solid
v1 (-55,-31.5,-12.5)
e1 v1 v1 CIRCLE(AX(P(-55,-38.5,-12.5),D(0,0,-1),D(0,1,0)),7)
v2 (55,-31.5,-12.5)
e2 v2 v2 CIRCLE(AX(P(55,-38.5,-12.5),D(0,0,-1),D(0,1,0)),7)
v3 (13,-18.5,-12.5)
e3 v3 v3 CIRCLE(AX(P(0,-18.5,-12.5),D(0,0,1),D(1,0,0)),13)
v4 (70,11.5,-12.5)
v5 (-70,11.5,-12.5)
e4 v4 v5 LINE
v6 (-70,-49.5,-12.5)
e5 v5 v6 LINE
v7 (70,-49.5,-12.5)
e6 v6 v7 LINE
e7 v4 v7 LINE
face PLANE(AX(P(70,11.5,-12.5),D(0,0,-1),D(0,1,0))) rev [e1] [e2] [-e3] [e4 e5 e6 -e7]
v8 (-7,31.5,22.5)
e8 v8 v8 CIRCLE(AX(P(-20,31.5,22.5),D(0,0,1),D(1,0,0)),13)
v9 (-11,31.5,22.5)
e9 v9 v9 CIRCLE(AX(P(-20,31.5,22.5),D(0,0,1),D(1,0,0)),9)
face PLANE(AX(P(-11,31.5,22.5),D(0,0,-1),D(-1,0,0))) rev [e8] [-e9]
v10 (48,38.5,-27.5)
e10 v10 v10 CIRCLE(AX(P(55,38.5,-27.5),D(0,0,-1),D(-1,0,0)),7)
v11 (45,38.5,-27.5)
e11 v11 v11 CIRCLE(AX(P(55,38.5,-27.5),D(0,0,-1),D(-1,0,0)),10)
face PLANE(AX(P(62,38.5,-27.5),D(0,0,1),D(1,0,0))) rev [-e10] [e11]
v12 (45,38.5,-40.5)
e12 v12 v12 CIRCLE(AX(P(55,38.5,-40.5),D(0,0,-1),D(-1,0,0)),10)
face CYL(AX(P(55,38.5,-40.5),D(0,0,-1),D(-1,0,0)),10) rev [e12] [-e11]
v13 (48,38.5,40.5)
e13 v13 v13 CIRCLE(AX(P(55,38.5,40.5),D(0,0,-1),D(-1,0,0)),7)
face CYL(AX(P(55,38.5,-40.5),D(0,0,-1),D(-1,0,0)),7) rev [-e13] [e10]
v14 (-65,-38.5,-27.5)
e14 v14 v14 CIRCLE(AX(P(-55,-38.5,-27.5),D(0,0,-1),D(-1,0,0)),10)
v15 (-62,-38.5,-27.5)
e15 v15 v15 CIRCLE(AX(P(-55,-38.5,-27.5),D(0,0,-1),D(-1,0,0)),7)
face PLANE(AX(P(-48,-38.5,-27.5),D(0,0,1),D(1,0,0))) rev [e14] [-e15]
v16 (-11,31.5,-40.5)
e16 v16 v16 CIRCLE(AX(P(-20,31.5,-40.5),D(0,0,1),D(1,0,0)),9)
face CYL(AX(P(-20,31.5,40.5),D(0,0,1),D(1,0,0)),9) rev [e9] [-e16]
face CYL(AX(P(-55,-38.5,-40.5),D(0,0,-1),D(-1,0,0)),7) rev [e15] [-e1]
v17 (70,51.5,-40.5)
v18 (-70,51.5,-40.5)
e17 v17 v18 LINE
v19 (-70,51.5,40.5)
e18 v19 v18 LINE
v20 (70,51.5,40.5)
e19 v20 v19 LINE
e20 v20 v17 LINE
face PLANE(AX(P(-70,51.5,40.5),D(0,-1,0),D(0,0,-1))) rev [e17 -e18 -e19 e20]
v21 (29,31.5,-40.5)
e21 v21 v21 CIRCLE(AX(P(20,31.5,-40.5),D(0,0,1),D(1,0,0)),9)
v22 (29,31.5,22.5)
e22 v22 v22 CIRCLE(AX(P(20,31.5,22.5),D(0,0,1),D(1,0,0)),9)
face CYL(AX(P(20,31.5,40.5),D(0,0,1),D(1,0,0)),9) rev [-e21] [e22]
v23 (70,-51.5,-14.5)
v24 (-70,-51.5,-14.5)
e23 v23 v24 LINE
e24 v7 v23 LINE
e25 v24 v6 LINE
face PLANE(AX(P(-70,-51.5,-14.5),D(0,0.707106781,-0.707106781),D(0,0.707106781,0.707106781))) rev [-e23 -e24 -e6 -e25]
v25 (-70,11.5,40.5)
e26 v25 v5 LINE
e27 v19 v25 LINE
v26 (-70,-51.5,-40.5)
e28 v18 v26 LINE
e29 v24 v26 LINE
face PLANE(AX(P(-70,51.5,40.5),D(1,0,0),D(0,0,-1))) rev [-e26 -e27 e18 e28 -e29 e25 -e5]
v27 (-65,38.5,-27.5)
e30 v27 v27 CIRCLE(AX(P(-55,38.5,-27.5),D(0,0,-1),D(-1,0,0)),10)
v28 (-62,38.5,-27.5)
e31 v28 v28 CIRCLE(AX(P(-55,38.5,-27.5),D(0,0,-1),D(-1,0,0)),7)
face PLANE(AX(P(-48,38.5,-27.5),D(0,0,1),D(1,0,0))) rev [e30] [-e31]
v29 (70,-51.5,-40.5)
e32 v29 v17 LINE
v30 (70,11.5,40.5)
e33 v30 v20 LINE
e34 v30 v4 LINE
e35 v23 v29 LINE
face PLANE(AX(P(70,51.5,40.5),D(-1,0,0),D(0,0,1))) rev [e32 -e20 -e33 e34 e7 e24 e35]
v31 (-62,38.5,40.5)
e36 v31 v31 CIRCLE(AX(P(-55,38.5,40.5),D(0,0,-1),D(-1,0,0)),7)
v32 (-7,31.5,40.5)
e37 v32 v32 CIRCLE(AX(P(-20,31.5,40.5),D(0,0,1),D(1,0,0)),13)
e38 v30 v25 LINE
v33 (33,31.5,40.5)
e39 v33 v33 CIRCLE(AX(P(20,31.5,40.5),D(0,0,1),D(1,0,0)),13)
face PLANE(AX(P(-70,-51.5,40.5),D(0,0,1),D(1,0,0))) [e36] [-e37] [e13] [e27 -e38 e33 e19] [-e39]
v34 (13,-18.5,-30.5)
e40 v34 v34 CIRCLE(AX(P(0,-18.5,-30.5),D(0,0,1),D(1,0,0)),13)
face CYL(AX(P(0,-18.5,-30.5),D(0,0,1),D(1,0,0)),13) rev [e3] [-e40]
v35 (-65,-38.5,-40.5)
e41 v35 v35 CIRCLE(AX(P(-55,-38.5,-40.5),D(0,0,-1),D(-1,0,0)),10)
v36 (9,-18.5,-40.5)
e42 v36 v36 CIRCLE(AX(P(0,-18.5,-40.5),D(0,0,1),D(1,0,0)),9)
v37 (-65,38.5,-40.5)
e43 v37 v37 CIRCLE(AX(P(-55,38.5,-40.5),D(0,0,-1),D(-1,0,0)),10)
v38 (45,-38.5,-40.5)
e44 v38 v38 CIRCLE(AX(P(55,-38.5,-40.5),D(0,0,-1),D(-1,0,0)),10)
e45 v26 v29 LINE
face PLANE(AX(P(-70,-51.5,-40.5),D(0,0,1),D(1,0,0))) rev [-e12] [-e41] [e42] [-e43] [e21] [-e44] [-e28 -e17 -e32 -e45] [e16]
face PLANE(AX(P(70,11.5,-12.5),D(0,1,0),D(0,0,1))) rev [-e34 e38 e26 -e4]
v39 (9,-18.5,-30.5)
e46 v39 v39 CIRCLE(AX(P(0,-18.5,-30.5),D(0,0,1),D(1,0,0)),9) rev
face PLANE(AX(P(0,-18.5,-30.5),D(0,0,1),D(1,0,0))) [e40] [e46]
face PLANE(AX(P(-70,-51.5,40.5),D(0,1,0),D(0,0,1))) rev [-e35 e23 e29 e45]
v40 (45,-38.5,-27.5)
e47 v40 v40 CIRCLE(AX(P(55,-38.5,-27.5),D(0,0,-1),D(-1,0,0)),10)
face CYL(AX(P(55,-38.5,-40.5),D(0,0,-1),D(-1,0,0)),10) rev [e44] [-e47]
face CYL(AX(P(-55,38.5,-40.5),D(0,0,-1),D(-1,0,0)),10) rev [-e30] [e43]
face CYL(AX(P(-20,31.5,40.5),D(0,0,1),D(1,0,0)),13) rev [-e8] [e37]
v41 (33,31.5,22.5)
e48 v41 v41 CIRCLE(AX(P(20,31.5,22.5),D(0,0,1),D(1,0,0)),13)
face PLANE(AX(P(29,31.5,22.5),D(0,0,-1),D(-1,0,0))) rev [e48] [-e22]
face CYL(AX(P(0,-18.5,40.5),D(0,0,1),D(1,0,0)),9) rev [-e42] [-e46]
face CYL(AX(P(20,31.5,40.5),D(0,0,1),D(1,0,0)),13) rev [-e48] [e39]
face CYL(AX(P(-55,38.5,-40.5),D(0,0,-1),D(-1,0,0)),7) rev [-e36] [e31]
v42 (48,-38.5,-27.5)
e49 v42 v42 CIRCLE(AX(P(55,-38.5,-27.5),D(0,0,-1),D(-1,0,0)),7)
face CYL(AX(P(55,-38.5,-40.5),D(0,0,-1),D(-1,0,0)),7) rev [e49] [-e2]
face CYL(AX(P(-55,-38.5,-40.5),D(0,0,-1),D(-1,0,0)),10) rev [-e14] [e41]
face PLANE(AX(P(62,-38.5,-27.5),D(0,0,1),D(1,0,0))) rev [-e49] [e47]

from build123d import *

# Parameters (mm, degrees)
SKIZZE1_W                                            = 140
SKIZZE1_H                                            = 103
BASIS_LINEAR_AUSTRAGEN_DEPTH                         = 40.5
SKIZZE8_W                                            = 53
SKIZZE8_H                                            = 63
SCHNITT_LINEAR_AUSTRAGEN1_DEPTH                      = 155.571989701
BOHRUNG1_D                                           = 18
BOHRUNG1_DEPTH                                       = 90
BOHRUNG1_CBORE_D                                     = 26
BOHRUNG1_CBORE_DEPTH                                 = 18
BOHRUNG2_D                                           = 18
BOHRUNG2_DEPTH                                       = 90
BOHRUNG2_CBORE_D                                     = 26
BOHRUNG2_CBORE_DEPTH                                 = 18
LINEARES_MUSTER1_COUNT                               = 2
LINEARES_MUSTER1_PITCH                               = 40
STIRNSENKUNG_F_R_M8_FLACHKOPFSCHRAUBE_MI_D           = 14
STIRNSENKUNG_F_R_M8_FLACHKOPFSCHRAUBE_MI_CBORE_D     = 20
STIRNSENKUNG_F_R_M8_FLACHKOPFSCHRAUBE_MI_CBORE_DEPTH = 13
SKIZZE11_R                                           = 13
SCHNITT_LINEAR_AUSTRAGEN2_DEPTH                      = 18
FASE1_SIZE                                           = 2


with BuildPart() as part:
    # Skizze1 → Basis-Linear austragen (new, symmetric)
    with BuildSketch(Plane.XY):
        Rectangle(SKIZZE1_W, SKIZZE1_H)
    extrude(amount=BASIS_LINEAR_AUSTRAGEN_DEPTH, both=True)

    # Skizze8 → Schnitt-Linear austragen1 (cut, through all)
    with BuildSketch(Plane.ZY.offset(70)):
        with Locations((14, -20)):
            Rectangle(SKIZZE8_W, SKIZZE8_H)
    extrude(amount=-SCHNITT_LINEAR_AUSTRAGEN1_DEPTH, mode=Mode.SUBTRACT)

    # Bohrung1
    with Locations(Plane.XY.offset(40.5)):
        with Locations((0, -18.5)):
            CounterBoreHole(BOHRUNG1_D / 2, BOHRUNG1_CBORE_D / 2, BOHRUNG1_CBORE_DEPTH, depth=BOHRUNG1_DEPTH)

    # Bohrung2
    with Locations(Plane.XY.offset(40.5)):
        with Locations((20, 31.5)):
            bohrung2 = CounterBoreHole(BOHRUNG2_D / 2, BOHRUNG2_CBORE_D / 2, BOHRUNG2_CBORE_DEPTH, depth=BOHRUNG2_DEPTH)

    # Lineares Muster1: Bohrung2 ×2
    with Locations(*[(-i * LINEARES_MUSTER1_PITCH, 0, 0) for i in range(1, LINEARES_MUSTER1_COUNT)]):
        add(bohrung2, mode=Mode.SUBTRACT)

    # Stirnsenkung für M8 Flachkopfschraube mit Schlitz1 (through all)
    with Locations(Plane(origin=(0, 0, -40.5), x_dir=(-1, 0, 0), z_dir=(0, 0, -1))):
        with Locations((-55, -38.5), (-55, 38.5), (55, 38.5), (55, -38.5)):
            CounterBoreHole(STIRNSENKUNG_F_R_M8_FLACHKOPFSCHRAUBE_MI_D / 2, STIRNSENKUNG_F_R_M8_FLACHKOPFSCHRAUBE_MI_CBORE_D / 2, STIRNSENKUNG_F_R_M8_FLACHKOPFSCHRAUBE_MI_CBORE_DEPTH)

    # Skizze11 → Schnitt-Linear austragen2 (cut)
    with BuildSketch(Plane.XY.offset(-12.5)):
        with Locations((0, -18.5)):
            Circle(SKIZZE11_R)
    extrude(amount=-SCHNITT_LINEAR_AUSTRAGEN2_DEPTH, mode=Mode.SUBTRACT)

    # Fase1
    fase1_edges = [part.edges().sort_by_distance(p)[0] for p in [
        (0, -51.5, -12.5),
    ]]
    chamfer(fase1_edges, length=FASE1_SIZE)


solid = part.part
